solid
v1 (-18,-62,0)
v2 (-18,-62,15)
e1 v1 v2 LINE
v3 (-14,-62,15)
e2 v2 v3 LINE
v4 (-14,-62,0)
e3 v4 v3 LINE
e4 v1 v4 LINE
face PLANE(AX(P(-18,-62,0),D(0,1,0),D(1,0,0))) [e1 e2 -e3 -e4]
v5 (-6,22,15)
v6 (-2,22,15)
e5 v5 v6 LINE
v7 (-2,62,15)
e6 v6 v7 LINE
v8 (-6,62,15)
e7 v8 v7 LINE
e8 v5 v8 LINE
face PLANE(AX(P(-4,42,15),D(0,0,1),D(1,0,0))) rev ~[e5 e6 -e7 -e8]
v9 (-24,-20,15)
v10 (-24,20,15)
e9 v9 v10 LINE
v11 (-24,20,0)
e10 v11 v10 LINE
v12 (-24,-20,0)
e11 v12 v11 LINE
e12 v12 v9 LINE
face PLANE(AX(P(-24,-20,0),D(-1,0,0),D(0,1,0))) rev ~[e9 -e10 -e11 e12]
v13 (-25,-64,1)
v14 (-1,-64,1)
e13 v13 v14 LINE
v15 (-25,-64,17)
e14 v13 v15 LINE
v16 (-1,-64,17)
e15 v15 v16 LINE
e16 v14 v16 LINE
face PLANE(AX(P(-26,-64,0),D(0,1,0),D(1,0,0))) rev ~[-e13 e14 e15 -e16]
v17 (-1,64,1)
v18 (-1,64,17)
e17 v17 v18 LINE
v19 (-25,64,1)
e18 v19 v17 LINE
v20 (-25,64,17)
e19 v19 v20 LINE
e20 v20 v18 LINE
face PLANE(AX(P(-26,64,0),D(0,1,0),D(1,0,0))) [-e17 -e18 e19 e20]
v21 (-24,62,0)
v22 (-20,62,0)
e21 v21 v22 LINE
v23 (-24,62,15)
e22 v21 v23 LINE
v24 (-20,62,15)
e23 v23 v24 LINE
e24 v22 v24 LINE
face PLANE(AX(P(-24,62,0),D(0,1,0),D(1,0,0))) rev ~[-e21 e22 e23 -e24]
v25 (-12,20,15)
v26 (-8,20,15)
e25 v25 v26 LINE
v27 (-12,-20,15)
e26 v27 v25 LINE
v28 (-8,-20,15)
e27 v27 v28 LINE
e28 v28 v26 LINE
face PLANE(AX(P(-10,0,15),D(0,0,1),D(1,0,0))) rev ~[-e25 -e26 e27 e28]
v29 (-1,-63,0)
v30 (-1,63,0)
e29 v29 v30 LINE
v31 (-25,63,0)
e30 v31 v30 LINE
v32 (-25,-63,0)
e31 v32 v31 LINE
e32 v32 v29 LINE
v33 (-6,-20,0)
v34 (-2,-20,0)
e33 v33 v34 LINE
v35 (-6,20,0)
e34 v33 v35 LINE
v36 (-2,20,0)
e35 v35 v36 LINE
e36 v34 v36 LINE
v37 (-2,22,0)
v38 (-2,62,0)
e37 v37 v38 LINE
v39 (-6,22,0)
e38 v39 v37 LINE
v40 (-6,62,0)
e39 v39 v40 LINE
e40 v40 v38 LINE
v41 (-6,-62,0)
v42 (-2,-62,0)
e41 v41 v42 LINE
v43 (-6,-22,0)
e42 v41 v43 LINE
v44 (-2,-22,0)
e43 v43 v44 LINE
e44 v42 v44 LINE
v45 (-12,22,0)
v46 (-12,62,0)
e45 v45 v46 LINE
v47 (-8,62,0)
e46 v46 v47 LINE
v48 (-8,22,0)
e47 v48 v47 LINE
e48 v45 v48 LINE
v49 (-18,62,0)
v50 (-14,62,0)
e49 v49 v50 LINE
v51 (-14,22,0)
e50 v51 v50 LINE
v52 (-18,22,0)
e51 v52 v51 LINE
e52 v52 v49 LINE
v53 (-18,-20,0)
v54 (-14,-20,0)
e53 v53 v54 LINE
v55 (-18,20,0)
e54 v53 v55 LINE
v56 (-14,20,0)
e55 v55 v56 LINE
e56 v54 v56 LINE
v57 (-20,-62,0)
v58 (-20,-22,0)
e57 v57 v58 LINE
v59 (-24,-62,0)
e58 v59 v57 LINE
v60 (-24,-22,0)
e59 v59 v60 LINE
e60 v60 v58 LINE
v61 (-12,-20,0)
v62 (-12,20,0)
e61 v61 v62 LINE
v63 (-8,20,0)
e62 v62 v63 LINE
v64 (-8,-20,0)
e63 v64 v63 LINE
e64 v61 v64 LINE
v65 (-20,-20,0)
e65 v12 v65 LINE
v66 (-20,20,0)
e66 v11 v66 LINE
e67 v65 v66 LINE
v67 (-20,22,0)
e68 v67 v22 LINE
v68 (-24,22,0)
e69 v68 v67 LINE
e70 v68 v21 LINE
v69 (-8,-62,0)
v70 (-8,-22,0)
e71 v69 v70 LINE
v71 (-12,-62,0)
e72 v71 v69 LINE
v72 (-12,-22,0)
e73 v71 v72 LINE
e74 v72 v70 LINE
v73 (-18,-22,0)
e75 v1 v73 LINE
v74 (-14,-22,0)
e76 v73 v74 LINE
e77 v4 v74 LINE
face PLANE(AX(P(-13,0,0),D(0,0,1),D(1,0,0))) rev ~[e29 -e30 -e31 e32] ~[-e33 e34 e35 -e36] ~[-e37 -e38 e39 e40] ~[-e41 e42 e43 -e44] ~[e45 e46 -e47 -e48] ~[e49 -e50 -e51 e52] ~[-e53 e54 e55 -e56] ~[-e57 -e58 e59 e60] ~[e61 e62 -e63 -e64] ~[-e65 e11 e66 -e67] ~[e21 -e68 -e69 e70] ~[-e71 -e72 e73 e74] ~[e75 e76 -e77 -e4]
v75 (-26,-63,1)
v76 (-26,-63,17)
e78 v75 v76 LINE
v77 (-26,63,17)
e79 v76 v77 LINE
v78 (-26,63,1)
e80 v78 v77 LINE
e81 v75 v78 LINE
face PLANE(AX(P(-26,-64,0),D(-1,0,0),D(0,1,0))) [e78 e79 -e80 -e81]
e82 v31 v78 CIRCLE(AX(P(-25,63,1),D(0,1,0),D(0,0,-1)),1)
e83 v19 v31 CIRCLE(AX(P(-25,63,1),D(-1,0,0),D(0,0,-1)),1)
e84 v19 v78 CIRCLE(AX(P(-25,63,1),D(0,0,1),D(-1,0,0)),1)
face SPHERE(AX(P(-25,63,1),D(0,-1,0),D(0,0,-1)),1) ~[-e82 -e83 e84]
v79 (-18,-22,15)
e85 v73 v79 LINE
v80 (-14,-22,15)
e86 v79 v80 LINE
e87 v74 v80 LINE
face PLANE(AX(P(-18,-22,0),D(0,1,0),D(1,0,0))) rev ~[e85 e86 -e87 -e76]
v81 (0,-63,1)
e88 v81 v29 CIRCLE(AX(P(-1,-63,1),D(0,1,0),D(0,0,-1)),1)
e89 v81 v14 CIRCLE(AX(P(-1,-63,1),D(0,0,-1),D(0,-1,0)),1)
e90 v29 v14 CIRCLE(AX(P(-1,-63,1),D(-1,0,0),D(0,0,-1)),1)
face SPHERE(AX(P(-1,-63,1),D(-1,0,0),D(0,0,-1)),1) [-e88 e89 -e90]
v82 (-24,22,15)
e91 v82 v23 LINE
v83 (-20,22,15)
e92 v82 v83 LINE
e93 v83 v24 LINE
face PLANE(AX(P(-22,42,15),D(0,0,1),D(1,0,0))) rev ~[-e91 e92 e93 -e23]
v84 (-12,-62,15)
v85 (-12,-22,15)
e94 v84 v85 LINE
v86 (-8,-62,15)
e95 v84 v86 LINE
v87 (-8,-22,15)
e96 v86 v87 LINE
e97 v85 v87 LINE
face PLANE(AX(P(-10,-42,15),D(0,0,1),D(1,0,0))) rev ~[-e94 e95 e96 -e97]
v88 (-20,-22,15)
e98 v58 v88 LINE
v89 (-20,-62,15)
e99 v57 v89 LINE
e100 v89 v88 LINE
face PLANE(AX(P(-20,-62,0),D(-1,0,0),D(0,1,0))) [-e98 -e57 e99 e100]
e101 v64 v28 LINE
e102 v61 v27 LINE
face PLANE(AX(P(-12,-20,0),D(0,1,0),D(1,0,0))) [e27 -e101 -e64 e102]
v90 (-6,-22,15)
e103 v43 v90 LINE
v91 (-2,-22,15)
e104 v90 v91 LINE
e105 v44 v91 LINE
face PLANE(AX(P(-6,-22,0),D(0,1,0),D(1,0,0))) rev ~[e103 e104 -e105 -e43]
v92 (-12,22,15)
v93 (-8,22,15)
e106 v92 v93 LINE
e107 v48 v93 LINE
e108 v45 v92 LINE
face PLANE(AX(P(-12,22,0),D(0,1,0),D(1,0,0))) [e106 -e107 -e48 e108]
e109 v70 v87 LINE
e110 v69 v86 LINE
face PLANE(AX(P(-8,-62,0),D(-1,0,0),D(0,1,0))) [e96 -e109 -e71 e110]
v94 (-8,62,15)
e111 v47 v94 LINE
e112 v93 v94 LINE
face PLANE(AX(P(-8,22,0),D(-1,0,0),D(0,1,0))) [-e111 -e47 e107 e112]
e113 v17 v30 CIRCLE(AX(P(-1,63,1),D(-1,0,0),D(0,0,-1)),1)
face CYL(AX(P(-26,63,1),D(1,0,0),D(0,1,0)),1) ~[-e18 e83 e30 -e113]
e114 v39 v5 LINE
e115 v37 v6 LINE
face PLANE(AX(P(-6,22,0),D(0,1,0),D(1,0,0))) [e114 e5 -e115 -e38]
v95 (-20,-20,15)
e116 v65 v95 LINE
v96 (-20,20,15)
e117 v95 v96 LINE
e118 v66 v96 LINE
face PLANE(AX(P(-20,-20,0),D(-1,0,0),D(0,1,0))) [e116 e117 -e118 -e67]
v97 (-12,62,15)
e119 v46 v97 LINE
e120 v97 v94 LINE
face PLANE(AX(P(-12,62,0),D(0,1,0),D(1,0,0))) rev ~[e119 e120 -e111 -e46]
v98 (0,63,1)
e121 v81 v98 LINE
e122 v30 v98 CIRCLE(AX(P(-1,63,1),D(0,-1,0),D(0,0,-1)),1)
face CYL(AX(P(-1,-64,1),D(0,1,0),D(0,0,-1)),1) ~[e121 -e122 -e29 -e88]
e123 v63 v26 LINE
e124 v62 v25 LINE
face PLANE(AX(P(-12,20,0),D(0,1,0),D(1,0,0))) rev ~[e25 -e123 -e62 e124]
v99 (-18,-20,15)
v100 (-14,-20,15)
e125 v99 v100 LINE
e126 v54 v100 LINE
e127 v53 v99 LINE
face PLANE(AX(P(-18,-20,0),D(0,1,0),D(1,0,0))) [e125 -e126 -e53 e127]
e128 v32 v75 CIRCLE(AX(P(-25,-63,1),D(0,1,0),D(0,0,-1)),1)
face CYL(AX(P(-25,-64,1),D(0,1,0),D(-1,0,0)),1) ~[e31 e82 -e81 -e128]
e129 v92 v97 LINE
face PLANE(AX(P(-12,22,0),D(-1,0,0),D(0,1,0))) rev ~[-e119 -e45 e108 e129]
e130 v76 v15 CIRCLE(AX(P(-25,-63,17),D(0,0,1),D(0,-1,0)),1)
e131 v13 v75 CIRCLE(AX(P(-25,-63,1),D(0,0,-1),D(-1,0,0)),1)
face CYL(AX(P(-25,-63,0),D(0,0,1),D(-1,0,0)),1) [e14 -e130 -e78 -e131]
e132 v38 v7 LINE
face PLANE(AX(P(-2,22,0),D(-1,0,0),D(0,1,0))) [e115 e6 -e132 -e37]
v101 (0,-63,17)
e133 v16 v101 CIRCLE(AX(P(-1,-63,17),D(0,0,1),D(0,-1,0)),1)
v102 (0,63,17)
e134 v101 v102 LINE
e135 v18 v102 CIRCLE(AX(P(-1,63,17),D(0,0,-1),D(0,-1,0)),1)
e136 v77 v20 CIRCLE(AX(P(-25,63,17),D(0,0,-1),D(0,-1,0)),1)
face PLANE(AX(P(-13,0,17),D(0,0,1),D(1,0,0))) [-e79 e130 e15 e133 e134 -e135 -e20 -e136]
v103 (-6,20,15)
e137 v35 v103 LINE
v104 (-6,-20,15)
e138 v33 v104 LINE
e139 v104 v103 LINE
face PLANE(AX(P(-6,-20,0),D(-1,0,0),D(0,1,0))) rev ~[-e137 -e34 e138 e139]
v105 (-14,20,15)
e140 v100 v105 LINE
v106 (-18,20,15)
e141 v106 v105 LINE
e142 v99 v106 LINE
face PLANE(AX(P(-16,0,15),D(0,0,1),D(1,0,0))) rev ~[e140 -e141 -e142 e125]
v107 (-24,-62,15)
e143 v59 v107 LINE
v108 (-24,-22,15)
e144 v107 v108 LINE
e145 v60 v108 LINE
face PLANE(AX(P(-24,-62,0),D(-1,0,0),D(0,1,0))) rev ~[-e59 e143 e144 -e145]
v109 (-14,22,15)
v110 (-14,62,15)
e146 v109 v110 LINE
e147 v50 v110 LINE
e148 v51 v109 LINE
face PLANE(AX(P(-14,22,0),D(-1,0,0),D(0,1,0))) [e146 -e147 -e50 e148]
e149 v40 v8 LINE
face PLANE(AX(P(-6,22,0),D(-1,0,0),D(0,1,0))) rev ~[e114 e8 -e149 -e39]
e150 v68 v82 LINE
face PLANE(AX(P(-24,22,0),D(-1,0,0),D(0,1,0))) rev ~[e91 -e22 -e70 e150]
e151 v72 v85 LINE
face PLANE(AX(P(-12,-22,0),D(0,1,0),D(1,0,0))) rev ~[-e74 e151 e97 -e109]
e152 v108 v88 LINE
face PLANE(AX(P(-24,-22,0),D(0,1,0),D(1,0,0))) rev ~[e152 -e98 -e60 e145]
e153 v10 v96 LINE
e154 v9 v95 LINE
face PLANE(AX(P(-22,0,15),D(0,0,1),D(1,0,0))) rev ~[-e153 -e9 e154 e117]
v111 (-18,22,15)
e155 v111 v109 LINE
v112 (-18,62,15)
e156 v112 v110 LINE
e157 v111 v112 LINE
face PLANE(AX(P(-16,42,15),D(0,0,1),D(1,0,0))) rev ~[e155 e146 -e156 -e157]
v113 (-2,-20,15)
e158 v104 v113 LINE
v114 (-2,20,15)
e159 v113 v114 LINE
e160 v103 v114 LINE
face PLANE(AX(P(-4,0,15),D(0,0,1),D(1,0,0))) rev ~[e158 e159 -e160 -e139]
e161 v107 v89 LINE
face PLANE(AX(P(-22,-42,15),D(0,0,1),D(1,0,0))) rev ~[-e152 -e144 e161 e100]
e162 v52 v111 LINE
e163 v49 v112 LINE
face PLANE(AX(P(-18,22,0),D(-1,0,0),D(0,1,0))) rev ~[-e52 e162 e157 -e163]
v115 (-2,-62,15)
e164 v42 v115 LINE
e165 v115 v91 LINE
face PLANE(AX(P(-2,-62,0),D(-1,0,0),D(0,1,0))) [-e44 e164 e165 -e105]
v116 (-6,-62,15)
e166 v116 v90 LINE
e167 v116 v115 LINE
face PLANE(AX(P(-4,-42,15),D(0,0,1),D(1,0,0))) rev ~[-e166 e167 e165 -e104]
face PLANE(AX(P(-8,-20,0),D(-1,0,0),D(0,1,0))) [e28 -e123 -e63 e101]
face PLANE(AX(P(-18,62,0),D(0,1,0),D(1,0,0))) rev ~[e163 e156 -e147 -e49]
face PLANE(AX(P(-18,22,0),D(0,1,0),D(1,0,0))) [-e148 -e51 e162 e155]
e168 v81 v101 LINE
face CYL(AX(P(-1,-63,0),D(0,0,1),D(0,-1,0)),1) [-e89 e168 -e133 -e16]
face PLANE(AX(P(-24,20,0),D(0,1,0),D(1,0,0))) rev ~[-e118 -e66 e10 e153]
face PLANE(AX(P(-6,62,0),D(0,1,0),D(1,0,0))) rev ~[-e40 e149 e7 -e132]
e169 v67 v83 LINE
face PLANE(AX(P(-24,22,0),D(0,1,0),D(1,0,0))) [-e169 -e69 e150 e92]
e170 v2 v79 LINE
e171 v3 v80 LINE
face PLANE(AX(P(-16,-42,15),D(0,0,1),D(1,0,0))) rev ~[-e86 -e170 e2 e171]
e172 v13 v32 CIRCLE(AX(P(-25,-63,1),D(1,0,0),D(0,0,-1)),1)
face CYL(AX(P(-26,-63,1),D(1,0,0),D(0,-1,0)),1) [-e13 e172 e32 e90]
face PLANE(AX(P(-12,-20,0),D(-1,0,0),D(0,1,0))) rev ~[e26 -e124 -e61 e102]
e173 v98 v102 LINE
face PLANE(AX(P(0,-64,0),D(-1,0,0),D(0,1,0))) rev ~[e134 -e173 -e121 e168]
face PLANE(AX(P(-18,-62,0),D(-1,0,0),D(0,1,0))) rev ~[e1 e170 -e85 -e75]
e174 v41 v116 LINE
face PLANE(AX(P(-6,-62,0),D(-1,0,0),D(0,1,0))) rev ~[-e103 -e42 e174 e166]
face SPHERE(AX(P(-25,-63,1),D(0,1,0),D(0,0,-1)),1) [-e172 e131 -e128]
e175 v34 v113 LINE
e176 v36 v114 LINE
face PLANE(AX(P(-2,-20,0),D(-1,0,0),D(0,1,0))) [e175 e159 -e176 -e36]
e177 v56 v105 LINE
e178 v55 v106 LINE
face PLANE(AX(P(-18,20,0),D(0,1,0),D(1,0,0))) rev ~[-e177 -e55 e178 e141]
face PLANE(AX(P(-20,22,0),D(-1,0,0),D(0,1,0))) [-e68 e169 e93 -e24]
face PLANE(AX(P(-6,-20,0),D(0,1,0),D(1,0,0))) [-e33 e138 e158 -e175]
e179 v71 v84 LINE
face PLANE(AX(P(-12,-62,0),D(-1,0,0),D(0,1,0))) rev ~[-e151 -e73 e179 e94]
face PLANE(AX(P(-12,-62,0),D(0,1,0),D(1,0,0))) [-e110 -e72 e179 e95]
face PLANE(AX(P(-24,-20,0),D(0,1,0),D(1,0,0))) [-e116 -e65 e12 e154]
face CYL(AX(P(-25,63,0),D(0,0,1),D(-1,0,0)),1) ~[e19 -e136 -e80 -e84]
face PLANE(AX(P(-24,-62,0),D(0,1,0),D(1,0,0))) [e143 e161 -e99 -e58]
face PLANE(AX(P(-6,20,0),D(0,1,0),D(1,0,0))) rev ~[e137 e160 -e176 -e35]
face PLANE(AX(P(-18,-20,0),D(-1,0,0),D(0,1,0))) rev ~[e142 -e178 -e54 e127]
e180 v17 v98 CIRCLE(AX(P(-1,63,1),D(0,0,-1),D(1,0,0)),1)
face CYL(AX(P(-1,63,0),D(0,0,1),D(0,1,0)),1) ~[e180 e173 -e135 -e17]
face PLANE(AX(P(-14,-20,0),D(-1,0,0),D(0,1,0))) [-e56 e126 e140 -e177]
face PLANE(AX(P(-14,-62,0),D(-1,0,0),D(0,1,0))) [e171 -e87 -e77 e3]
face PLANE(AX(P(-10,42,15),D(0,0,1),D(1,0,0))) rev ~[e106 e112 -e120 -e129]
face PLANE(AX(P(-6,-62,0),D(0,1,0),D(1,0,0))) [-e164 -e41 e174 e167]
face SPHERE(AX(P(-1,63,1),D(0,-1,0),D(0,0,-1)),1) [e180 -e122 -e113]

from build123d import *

# Parameters (mm, degrees)
F0_W     = 26
F0_H     = 128
F1_DEPTH = 17
F2_W     = 4
F2_H     = 40
F3_DEPTH = 15
F4_R     = 1


with BuildPart() as f1:
    # F0 (on Top) → F1 (new body)
    with BuildSketch(Plane.XY):
        with Locations((-13, 0)):
            Rectangle(F0_W, F0_H)
    extrude(amount=F1_DEPTH)

    # F2 (on Top) → F3 (cut)
    with BuildSketch(Plane.XY):
        with Locations((-10, 42)):
            Rectangle(F2_W, F2_H)
        with Locations((-4, 42)):
            Rectangle(F2_W, F2_H)
        with Locations((-16, 0)):
            Rectangle(F2_W, F2_H)
        with Locations((-10, 0)):
            Rectangle(F2_W, F2_H)
        with Locations((-4, 0)):
            Rectangle(F2_W, F2_H)
        with Locations((-16, -42)):
            Rectangle(F2_W, F2_H)
        with Locations((-10, -42)):
            Rectangle(F2_W, F2_H)
        with Locations((-4, -42)):
            Rectangle(F2_W, F2_H)
        with Locations((-16, 42)):
            Rectangle(F2_W, F2_H)
        with Locations((-22, 42)):
            Rectangle(F2_W, F2_H)
        with Locations((-22, 0)):
            Rectangle(F2_W, F2_H)
        with Locations((-22, -42)):
            Rectangle(F2_W, F2_H)
    extrude(amount=F3_DEPTH, mode=Mode.SUBTRACT)

    # F4
    f4_edges = [f1.edges().sort_by_distance(p)[0] for p in [
        (-26, 0, 0),
        (-13, -64, 0),
        (0, 0, 0),
        (-13, 64, 0),
        (-26, 64, 8.5),
        (0, 64, 8.5),
        (-26, -64, 8.5),
        (0, -64, 8.5),
    ]]
    fillet(f4_edges, radius=F4_R)


solid = f1.part
